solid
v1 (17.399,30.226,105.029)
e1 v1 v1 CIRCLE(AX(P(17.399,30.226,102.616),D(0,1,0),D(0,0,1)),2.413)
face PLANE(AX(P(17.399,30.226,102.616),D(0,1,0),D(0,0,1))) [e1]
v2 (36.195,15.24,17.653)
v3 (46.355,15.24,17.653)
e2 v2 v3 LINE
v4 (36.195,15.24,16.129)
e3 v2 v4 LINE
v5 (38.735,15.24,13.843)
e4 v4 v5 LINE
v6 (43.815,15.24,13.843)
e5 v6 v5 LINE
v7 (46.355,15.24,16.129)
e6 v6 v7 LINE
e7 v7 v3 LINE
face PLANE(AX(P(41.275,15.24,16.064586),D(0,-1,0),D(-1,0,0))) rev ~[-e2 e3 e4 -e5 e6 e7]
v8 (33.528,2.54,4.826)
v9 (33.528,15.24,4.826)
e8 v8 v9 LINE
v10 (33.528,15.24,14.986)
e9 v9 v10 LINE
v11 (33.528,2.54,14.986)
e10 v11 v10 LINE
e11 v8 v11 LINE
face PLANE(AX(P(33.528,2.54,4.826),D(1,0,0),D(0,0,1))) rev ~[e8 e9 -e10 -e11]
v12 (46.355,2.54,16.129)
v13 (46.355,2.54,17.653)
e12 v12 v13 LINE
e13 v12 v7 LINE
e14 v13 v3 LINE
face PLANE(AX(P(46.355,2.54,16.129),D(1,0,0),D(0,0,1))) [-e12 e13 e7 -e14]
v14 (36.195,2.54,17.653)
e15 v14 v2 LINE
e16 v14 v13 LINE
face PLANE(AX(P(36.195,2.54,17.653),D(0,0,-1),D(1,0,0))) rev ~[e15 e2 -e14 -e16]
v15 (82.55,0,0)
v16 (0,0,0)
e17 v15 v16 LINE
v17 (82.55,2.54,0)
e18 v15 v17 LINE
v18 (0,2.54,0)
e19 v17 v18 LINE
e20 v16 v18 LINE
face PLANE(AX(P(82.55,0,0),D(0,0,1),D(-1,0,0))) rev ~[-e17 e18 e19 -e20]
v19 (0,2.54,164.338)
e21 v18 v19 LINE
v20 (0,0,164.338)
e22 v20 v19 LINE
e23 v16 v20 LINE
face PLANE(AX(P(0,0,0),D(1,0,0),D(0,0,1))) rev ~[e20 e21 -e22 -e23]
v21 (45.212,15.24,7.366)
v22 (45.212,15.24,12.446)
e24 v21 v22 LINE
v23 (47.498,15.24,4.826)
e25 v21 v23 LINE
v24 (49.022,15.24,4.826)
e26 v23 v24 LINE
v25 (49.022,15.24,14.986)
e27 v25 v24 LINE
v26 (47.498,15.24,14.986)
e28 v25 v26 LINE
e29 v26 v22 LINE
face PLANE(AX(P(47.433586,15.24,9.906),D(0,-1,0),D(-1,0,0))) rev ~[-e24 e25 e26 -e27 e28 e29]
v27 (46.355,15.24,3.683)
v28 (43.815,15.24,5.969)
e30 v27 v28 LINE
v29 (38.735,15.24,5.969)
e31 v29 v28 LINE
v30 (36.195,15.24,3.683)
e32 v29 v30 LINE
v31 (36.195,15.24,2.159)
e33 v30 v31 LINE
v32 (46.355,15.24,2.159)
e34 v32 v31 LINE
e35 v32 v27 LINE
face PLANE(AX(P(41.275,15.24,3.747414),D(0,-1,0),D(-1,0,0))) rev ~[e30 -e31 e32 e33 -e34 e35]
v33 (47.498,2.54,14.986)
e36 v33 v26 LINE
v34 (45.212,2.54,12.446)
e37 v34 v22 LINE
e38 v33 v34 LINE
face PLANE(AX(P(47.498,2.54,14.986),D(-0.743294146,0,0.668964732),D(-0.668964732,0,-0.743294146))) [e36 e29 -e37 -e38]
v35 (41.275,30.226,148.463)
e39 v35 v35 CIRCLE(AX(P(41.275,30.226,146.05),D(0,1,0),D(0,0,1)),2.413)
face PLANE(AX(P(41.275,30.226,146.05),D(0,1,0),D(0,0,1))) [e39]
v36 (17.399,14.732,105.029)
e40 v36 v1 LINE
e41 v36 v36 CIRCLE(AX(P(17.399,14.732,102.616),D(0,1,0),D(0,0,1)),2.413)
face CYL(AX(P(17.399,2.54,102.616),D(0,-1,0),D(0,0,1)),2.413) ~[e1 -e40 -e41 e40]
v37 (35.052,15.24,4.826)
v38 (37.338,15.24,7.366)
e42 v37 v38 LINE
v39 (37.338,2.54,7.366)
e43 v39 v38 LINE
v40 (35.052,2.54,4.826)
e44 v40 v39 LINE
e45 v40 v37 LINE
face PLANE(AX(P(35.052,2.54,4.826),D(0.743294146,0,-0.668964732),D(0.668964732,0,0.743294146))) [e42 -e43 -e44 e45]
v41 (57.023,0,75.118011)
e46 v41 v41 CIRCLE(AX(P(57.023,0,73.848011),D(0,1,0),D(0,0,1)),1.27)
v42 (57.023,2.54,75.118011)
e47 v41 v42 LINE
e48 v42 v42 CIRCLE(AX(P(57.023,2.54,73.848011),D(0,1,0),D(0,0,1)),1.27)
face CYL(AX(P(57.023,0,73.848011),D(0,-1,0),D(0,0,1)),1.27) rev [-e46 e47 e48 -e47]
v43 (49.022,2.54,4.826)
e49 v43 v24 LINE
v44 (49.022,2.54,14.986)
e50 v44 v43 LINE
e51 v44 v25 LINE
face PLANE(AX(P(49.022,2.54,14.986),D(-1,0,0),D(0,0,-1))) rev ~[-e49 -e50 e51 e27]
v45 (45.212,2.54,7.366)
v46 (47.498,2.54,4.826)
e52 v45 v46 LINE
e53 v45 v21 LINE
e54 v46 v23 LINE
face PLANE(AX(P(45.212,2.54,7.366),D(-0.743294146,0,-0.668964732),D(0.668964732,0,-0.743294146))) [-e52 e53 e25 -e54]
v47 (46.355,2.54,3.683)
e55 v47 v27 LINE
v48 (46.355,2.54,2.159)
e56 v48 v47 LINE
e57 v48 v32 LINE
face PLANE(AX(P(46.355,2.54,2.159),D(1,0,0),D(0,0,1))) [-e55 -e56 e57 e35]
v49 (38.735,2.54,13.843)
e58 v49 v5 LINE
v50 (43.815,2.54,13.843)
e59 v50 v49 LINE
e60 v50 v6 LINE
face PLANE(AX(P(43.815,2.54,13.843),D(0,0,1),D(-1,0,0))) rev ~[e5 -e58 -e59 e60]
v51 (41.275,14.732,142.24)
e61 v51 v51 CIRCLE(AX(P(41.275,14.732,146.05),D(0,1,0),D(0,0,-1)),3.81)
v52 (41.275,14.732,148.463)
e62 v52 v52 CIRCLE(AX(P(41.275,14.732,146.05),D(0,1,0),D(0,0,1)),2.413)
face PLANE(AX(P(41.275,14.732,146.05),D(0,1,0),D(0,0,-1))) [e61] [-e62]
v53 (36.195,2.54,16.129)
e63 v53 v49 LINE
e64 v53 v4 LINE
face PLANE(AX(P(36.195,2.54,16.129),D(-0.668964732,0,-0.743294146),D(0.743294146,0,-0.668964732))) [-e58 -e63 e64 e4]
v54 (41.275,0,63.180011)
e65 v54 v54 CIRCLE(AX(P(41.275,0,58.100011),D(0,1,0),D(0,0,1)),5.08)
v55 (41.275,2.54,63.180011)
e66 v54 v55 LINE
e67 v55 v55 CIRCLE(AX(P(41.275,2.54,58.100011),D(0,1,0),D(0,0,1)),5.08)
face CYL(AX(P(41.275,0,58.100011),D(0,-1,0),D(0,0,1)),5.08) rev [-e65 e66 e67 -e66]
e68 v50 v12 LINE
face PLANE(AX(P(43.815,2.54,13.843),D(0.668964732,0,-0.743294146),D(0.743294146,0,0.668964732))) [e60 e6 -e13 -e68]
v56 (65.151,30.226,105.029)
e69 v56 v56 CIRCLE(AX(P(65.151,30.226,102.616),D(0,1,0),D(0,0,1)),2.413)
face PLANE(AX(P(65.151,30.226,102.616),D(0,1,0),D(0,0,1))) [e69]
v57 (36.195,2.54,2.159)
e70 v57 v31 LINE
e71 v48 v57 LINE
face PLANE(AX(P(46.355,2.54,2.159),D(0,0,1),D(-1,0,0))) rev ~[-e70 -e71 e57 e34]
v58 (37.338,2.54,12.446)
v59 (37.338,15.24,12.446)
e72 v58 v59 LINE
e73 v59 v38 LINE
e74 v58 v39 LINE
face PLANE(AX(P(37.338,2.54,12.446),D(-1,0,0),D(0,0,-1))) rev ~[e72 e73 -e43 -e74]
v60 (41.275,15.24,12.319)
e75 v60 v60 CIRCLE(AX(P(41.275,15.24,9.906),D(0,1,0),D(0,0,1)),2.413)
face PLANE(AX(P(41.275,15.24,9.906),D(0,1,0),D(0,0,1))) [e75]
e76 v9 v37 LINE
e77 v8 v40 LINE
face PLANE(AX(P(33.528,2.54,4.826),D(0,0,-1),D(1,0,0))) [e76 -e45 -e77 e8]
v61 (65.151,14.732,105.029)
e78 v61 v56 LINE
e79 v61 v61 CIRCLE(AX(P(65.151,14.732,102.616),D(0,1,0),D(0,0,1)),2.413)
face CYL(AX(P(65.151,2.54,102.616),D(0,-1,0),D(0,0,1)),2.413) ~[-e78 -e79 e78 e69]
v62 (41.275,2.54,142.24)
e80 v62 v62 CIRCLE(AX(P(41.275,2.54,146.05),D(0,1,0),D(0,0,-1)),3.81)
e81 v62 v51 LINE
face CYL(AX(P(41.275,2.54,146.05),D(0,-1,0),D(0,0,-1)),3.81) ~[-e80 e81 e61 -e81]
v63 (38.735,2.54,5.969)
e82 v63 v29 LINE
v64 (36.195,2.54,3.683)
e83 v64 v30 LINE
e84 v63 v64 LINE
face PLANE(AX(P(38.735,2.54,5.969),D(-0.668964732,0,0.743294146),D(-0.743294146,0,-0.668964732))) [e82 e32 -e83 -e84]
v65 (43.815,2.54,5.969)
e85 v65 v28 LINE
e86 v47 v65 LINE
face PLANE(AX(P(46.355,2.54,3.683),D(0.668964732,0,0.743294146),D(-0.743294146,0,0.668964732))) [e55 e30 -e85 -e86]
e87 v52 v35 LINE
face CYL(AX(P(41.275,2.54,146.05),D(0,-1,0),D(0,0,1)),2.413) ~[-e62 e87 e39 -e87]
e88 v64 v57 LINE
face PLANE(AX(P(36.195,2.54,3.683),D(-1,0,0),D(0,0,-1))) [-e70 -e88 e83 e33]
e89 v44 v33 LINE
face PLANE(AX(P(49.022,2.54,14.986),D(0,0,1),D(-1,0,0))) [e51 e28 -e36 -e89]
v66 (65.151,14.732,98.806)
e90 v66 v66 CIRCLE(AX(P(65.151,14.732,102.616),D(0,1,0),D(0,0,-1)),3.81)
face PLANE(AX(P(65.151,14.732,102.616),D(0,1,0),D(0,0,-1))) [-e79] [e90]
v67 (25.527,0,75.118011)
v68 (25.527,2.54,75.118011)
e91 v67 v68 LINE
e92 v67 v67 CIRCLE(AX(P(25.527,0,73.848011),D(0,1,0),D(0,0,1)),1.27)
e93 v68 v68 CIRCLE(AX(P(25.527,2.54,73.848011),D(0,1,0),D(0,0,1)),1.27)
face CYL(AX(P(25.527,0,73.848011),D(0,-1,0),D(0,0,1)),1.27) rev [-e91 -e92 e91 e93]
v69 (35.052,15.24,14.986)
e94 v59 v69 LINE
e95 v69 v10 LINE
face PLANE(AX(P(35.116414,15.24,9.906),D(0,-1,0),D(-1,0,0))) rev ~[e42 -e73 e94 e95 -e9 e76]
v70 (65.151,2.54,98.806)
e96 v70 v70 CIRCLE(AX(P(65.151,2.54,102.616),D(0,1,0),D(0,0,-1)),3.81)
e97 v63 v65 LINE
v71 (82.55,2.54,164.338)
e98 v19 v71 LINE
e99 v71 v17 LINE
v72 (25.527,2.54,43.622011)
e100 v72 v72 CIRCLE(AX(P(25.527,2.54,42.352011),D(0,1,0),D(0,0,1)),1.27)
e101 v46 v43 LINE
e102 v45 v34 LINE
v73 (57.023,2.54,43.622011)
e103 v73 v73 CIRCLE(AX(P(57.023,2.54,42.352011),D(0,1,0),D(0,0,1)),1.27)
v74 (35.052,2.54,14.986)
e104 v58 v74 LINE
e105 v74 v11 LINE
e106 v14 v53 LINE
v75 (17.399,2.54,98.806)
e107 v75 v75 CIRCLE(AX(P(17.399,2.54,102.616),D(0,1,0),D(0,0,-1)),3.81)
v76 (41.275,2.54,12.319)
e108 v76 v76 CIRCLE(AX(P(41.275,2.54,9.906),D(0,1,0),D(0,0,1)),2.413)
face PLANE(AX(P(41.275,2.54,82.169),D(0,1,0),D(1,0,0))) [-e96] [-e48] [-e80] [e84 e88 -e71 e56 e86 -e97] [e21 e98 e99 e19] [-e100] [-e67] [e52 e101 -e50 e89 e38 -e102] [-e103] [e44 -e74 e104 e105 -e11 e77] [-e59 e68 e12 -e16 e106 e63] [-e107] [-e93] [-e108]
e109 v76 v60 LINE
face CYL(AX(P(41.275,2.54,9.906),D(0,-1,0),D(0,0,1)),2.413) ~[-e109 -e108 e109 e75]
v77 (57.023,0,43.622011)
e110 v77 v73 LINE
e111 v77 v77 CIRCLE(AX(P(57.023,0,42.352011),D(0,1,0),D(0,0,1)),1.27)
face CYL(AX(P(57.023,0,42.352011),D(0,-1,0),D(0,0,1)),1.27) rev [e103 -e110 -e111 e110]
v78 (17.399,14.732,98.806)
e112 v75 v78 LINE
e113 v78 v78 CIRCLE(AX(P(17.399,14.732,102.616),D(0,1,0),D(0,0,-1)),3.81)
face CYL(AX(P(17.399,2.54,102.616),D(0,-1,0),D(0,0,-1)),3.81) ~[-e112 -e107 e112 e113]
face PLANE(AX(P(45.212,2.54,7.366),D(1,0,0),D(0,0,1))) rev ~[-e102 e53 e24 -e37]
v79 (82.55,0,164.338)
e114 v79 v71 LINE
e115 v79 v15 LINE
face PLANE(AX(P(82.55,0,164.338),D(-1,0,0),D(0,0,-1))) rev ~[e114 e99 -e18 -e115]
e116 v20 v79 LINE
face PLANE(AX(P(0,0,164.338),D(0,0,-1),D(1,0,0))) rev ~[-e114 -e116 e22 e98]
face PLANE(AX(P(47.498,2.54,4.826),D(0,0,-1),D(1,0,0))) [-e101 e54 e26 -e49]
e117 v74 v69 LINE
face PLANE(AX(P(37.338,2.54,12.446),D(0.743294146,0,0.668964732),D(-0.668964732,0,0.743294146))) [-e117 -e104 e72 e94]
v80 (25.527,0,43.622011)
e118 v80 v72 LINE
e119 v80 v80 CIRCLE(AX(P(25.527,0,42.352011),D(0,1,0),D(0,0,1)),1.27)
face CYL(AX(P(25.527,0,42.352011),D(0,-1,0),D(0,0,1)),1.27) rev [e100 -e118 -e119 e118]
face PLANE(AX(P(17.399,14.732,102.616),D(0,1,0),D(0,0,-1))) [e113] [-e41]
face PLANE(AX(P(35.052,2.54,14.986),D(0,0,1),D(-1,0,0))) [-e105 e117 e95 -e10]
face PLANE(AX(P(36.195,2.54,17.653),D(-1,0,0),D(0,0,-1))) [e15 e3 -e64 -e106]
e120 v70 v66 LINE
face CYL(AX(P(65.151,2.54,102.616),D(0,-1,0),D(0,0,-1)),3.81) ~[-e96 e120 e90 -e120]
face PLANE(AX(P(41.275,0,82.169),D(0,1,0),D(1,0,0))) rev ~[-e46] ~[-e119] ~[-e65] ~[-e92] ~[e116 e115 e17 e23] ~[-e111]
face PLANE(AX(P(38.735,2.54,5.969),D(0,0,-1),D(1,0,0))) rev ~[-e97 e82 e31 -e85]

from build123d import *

# Parameters (mm, degrees)
SKETCH1_R               = 5.08
SKETCH1_R_2             = 1.27
BASE_EXTRUDE_DEPTH      = 2.54
SKETCH6_R               = 2.413
MIDDLE_BAR_HOLDER_DEPTH = 12.7
SKETCH7_R               = 2.413
BOSS_EXTRUDE6_DEPTH     = 27.686
SKETCH7_3_R             = 3.81
SKETCH7_3_R_2           = 2.413
BOSS_EXTRUDE7_DEPTH     = 12.192


with BuildPart() as part:
    # Sketch1 → base extrude (new body)
    with BuildSketch(Plane(origin=(0, 0, 0), x_dir=(1, 0, 0), z_dir=(0, 1, 0))):
        Polygon((82.55, -164.338), (82.55, -58.1000108), (82.55, 0), (0, 0), (0, -164.338), align=None)
        with Locations(Location((41.275, -58.1000108, 0), (0, 0, 270))):
            Circle(SKETCH1_R, mode=Mode.SUBTRACT)
        with Locations(Location((25.527, -42.3520108, 0), (0, 0, 270))):
            Circle(SKETCH1_R_2, mode=Mode.SUBTRACT)
        with Locations(Location((57.023, -42.3520108, 0), (0, 0, 270))):
            Circle(SKETCH1_R_2, mode=Mode.SUBTRACT)
        with Locations(Location((25.527, -73.8480108, 0), (0, 0, 270))):
            Circle(SKETCH1_R_2, mode=Mode.SUBTRACT)
        with Locations(Location((57.023, -73.8480108, 0), (0, 0, 270))):
            Circle(SKETCH1_R_2, mode=Mode.SUBTRACT)
    extrude(amount=BASE_EXTRUDE_DEPTH)

    # Sketch6 → middle bar holder (add)
    with BuildSketch(Plane(origin=(0, 2.54, 0), x_dir=(1, 0, 0), z_dir=(0, 1, 0))):
        Polygon((33.528, -9.906), (33.528, -4.826), (35.052, -4.826), (37.338, -7.366), (37.338, -9.906), (37.338, -12.446), (35.052, -14.986), (33.528, -14.986), align=None)
        with Locations(Location((41.275, -9.906, 0), (0, 0, 270))):
            Circle(SKETCH6_R)
        Polygon((41.275, -2.159), (46.355, -2.159), (46.355, -3.683), (43.815, -5.969), (41.275, -5.969), (38.735, -5.969), (36.195, -3.683), (36.195, -2.159), align=None)
        Polygon((47.498, -14.986), (45.212, -12.446), (45.212, -9.906), (45.212, -7.366), (47.498, -4.826), (49.022, -4.826), (49.022, -9.906), (49.022, -14.986), align=None)
        Polygon((41.275, -17.653), (36.195, -17.653), (36.195, -16.129), (38.735, -13.843), (41.275, -13.843), (43.815, -13.843), (46.355, -16.129), (46.355, -17.653), align=None)
    extrude(amount=MIDDLE_BAR_HOLDER_DEPTH)

    # Sketch7 → Boss-Extrude6 (add)
    with BuildSketch(Plane(origin=(0, 2.54, 0), x_dir=(1, 0, 0), z_dir=(0, 1, 0))):
        with Locations(Location((17.399, -102.616, 0), (0, 0, 270))):
            Circle(SKETCH7_R)
        with Locations(Location((41.275, -146.05, 0), (0, 0, 270))):
            Circle(SKETCH7_R)
        with Locations(Location((65.151, -102.616, 0), (0, 0, 270))):
            Circle(SKETCH7_R)
    extrude(amount=BOSS_EXTRUDE6_DEPTH)

    # Sketch7<3> → Boss-Extrude7 (add)
    # profile 1 of 3: a face of its own
    with BuildSketch(Plane(origin=(0, 2.54, 0), x_dir=(1, 0, 0), z_dir=(0, 1, 0))):
        with Locations(Location((41.275, -146.05, 0), (0, 0, 90))):
            Circle(SKETCH7_3_R)
        with Locations(Location((41.275, -146.05, 0), (0, 0, 270))):
            Circle(SKETCH7_3_R_2, mode=Mode.SUBTRACT)
    # profile 2 of 3: a face of its own
    with BuildSketch(Plane(origin=(0, 2.54, 0), x_dir=(1, 0, 0), z_dir=(0, 1, 0))):
        with Locations(Location((65.151, -102.616, 0), (0, 0, 90))):
            Circle(SKETCH7_3_R)
        with Locations(Location((65.151, -102.616, 0), (0, 0, 270))):
            Circle(SKETCH7_3_R_2, mode=Mode.SUBTRACT)
    # profile 3 of 3: a face of its own
    with BuildSketch(Plane(origin=(0, 2.54, 0), x_dir=(1, 0, 0), z_dir=(0, 1, 0))):
        with Locations(Location((17.399, -102.616, 0), (0, 0, 90))):
            Circle(SKETCH7_3_R)
        with Locations(Location((17.399, -102.616, 0), (0, 0, 270))):
            Circle(SKETCH7_3_R_2, mode=Mode.SUBTRACT)
    extrude(amount=BOSS_EXTRUDE7_DEPTH)


solid = part.part
